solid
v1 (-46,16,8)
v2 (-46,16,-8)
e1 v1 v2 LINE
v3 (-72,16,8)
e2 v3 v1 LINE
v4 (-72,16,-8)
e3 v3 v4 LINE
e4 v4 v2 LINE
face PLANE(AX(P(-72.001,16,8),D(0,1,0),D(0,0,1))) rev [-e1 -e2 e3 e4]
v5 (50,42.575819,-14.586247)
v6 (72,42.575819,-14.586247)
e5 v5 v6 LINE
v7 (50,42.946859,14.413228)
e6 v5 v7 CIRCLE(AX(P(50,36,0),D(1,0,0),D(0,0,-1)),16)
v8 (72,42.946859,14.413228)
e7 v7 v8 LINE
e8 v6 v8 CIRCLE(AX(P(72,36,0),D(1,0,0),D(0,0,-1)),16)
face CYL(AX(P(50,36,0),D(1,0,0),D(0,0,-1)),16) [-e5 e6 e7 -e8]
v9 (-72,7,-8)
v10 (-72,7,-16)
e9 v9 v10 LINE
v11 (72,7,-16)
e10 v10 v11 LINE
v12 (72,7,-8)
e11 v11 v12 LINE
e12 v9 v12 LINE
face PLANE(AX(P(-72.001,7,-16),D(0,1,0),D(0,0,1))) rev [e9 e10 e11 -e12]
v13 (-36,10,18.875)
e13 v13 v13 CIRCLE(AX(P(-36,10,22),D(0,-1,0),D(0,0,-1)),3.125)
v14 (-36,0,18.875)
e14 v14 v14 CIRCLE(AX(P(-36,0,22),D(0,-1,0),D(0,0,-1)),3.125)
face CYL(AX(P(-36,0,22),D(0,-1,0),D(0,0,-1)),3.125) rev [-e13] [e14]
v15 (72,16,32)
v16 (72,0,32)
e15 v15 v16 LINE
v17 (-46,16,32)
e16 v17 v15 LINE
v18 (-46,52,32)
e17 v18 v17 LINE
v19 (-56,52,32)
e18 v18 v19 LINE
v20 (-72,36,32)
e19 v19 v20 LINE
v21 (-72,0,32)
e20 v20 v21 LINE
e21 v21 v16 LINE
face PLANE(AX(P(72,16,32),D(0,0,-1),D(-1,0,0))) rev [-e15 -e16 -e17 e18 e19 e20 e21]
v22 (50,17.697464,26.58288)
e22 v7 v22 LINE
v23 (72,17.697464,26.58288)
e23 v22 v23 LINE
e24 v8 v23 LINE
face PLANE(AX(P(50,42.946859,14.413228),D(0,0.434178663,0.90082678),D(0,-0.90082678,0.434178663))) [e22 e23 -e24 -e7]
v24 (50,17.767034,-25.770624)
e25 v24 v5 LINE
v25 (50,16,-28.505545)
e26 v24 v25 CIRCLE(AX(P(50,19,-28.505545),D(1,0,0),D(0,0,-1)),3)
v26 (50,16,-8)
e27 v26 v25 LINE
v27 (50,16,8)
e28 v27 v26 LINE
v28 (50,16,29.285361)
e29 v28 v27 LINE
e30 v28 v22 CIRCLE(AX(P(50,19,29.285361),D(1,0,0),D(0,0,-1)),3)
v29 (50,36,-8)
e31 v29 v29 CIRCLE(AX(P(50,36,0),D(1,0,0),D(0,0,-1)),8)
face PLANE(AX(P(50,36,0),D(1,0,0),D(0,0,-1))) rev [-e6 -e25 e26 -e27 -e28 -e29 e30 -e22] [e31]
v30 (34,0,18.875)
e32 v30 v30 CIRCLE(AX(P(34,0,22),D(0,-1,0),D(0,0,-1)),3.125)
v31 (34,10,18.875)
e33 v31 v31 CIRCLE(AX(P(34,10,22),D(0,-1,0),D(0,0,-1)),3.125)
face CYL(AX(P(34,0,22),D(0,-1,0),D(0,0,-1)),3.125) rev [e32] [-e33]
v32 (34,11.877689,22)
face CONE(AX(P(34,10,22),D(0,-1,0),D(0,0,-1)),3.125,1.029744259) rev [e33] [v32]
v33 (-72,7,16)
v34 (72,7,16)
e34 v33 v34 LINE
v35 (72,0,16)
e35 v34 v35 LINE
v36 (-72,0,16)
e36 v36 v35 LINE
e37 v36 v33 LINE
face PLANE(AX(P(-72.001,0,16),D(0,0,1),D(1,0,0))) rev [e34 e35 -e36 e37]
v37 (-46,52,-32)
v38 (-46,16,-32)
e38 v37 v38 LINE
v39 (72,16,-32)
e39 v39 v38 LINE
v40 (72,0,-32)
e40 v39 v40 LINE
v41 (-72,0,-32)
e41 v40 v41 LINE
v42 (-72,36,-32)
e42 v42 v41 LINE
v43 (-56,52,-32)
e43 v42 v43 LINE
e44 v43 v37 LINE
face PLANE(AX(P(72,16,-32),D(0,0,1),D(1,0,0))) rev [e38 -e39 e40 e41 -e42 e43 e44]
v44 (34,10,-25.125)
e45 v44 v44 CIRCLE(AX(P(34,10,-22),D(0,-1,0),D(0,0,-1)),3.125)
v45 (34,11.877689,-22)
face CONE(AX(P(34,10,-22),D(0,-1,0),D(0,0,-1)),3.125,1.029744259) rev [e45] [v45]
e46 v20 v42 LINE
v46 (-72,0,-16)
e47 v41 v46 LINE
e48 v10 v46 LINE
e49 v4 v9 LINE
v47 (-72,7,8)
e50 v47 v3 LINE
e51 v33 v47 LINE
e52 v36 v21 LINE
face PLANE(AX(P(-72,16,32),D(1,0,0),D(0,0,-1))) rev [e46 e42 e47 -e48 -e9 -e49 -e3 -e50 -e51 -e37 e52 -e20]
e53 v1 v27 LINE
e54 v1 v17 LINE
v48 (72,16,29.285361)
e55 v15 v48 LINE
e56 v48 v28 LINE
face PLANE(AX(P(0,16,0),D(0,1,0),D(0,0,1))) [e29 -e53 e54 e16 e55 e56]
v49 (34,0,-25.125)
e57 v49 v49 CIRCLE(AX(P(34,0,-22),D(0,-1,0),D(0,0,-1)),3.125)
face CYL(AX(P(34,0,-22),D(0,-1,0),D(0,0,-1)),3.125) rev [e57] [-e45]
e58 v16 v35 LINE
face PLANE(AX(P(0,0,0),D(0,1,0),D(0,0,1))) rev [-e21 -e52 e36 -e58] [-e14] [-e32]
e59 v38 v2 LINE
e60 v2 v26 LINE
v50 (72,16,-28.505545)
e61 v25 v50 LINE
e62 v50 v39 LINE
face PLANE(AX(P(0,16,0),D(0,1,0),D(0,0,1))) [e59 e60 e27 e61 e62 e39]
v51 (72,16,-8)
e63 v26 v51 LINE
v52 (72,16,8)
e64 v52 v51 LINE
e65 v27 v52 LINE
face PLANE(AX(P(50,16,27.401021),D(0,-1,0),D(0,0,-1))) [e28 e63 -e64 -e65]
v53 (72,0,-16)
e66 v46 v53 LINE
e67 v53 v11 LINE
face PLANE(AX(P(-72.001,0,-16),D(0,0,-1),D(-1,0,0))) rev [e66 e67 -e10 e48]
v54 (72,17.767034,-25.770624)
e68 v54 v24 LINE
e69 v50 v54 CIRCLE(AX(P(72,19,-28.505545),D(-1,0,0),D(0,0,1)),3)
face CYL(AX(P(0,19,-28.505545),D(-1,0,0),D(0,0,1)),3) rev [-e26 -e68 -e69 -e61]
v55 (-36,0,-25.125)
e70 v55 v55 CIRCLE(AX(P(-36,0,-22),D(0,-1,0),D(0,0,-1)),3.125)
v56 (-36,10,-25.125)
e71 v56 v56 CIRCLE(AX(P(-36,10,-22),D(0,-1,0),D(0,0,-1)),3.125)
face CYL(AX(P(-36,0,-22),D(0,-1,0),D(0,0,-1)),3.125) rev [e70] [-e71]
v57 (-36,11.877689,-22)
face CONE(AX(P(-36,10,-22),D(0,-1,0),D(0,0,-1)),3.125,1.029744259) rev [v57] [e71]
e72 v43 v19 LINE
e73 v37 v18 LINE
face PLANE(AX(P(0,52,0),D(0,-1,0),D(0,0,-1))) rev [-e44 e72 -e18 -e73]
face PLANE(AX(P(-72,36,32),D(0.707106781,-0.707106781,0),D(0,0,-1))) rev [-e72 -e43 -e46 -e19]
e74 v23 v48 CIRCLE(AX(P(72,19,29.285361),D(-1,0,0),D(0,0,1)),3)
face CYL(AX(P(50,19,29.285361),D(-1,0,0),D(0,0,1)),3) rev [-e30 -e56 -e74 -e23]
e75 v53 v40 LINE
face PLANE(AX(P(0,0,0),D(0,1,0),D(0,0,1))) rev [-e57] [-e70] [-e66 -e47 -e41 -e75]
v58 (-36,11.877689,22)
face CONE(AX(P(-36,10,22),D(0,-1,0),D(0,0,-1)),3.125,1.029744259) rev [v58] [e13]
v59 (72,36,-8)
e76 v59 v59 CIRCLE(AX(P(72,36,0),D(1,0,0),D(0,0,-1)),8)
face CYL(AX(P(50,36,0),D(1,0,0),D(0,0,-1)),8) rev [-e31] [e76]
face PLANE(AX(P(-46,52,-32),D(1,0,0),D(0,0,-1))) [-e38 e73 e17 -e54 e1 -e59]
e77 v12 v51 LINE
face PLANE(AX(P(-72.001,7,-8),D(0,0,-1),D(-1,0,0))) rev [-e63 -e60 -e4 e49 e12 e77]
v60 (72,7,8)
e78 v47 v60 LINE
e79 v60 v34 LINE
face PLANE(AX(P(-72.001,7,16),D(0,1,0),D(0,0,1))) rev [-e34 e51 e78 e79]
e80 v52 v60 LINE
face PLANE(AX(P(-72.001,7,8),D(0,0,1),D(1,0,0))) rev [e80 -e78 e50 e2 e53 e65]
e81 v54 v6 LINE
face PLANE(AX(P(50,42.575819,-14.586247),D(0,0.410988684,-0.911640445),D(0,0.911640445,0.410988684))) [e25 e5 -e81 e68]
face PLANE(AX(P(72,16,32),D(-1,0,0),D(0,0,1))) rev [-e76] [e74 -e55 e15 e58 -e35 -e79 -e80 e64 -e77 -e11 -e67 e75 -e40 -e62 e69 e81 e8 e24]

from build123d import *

# Parameters (mm, degrees)
SKETCH1_W                        = 144
SKETCH1_H                        = 64
BOSS_EXTRUDE1_DEPTH              = 16
SKETCH3_W                        = 26
SKETCH3_H                        = 64
BOSS_EXTRUDE2_DEPTH              = 36
CHAMFER1_SIZE                    = 16
CUT_EXTRUDE1_REACH               = 146
SKETCH5_R                        = 8
BOSS_EXTRUDE3_DEPTH              = 22
FILLET1_R                        = 3
TAP_DRILL_FOR_M6_HELICOIL2_D     = 6.25
TAP_DRILL_FOR_M6_HELICOIL2_DEPTH = 10
TAP_DRILL_FOR_M6_HELICOIL2_TIP   = 1.877689434


with BuildPart() as part:
    # Sketch1 → Boss-Extrude1 (new body)
    with BuildSketch(Plane(origin=(0, 0, 0), x_dir=(1, 0, 0), z_dir=(0, 1, 0))):
        Rectangle(SKETCH1_W, SKETCH1_H)
    extrude(amount=BOSS_EXTRUDE1_DEPTH)

    # Sketch3 → Boss-Extrude2 (add)
    with BuildSketch(Plane(origin=(0, 16, 0), x_dir=(1, 0, 0), z_dir=(0, 1, 0))):
        with Locations((-59, 0)):
            Rectangle(SKETCH3_W, SKETCH3_H)
    extrude(amount=BOSS_EXTRUDE2_DEPTH)

    # Chamfer1
    chamfer1_edges = [part.edges().sort_by_distance(p)[0] for p in [
        (-72, 52, 0),
    ]]
    chamfer(chamfer1_edges, length=CHAMFER1_SIZE)

    # Sketch2 → Cut-Extrude1 (cut, up to next)
    with BuildSketch(Plane(origin=(72, 0, 0), x_dir=(0, 0, -1), z_dir=(1, 0, 0)), mode=Mode.PRIVATE) as cut_extrude1_sk1:
        Polygon((-16, 0), (-16, 7), (-8, 7), (-8, 16), (8, 16), (8, 7), (16, 7), (16, 0), align=None)
    cut_extrude1_tool1 = extrude(cut_extrude1_sk1.sketch, amount=-CUT_EXTRUDE1_REACH, mode=Mode.PRIVATE) & part.part
    add(cut_extrude1_tool1.solids().sort_by_distance((72, 6.630435, 0))[0], mode=Mode.SUBTRACT)

    # Sketch5 → Boss-Extrude3 (add)
    with BuildSketch(Plane(origin=(72, 0, 0), x_dir=(0, 0, -1), z_dir=(1, 0, 0))):
        with BuildLine():
            Line((-14.413228488, 42.946858611), (-27.401020705, 16))
            Line((-27.401020705, 16), (26.567243493, 16))
            Line((26.567243493, 16), (14.586247124, 42.575818949))
            ThreePointArc((14.586247124, 42.575818949), (0.204698485, 51.998690525), (-14.413228488, 42.946858611))
        make_face()
        with Locations((0, 36)):
            Circle(SKETCH5_R, mode=Mode.SUBTRACT)
    extrude(amount=-BOSS_EXTRUDE3_DEPTH)

    # Fillet1
    fillet1_edges = [part.edges().sort_by_distance(p)[0] for p in [
        (61, 16, -26.567243493),
        (61, 16, 27.401020705),
    ]]
    fillet(fillet1_edges, radius=FILLET1_R)

    # Tap Drill for M6 Helicoil2
    with Locations(Plane(origin=(-36, 0, 22), x_dir=(0, 0, -1), z_dir=(0, -1, 0))):
        with Locations((0, 0), (0, 70), (44, 0), (44, 70)):
            Hole(TAP_DRILL_FOR_M6_HELICOIL2_D / 2, depth=TAP_DRILL_FOR_M6_HELICOIL2_DEPTH)
            with Locations((0, 0, -(TAP_DRILL_FOR_M6_HELICOIL2_DEPTH + TAP_DRILL_FOR_M6_HELICOIL2_TIP / 2))):  # 118° drill point
                Cone(0, TAP_DRILL_FOR_M6_HELICOIL2_D / 2, TAP_DRILL_FOR_M6_HELICOIL2_TIP, mode=Mode.SUBTRACT)


solid = part.part
